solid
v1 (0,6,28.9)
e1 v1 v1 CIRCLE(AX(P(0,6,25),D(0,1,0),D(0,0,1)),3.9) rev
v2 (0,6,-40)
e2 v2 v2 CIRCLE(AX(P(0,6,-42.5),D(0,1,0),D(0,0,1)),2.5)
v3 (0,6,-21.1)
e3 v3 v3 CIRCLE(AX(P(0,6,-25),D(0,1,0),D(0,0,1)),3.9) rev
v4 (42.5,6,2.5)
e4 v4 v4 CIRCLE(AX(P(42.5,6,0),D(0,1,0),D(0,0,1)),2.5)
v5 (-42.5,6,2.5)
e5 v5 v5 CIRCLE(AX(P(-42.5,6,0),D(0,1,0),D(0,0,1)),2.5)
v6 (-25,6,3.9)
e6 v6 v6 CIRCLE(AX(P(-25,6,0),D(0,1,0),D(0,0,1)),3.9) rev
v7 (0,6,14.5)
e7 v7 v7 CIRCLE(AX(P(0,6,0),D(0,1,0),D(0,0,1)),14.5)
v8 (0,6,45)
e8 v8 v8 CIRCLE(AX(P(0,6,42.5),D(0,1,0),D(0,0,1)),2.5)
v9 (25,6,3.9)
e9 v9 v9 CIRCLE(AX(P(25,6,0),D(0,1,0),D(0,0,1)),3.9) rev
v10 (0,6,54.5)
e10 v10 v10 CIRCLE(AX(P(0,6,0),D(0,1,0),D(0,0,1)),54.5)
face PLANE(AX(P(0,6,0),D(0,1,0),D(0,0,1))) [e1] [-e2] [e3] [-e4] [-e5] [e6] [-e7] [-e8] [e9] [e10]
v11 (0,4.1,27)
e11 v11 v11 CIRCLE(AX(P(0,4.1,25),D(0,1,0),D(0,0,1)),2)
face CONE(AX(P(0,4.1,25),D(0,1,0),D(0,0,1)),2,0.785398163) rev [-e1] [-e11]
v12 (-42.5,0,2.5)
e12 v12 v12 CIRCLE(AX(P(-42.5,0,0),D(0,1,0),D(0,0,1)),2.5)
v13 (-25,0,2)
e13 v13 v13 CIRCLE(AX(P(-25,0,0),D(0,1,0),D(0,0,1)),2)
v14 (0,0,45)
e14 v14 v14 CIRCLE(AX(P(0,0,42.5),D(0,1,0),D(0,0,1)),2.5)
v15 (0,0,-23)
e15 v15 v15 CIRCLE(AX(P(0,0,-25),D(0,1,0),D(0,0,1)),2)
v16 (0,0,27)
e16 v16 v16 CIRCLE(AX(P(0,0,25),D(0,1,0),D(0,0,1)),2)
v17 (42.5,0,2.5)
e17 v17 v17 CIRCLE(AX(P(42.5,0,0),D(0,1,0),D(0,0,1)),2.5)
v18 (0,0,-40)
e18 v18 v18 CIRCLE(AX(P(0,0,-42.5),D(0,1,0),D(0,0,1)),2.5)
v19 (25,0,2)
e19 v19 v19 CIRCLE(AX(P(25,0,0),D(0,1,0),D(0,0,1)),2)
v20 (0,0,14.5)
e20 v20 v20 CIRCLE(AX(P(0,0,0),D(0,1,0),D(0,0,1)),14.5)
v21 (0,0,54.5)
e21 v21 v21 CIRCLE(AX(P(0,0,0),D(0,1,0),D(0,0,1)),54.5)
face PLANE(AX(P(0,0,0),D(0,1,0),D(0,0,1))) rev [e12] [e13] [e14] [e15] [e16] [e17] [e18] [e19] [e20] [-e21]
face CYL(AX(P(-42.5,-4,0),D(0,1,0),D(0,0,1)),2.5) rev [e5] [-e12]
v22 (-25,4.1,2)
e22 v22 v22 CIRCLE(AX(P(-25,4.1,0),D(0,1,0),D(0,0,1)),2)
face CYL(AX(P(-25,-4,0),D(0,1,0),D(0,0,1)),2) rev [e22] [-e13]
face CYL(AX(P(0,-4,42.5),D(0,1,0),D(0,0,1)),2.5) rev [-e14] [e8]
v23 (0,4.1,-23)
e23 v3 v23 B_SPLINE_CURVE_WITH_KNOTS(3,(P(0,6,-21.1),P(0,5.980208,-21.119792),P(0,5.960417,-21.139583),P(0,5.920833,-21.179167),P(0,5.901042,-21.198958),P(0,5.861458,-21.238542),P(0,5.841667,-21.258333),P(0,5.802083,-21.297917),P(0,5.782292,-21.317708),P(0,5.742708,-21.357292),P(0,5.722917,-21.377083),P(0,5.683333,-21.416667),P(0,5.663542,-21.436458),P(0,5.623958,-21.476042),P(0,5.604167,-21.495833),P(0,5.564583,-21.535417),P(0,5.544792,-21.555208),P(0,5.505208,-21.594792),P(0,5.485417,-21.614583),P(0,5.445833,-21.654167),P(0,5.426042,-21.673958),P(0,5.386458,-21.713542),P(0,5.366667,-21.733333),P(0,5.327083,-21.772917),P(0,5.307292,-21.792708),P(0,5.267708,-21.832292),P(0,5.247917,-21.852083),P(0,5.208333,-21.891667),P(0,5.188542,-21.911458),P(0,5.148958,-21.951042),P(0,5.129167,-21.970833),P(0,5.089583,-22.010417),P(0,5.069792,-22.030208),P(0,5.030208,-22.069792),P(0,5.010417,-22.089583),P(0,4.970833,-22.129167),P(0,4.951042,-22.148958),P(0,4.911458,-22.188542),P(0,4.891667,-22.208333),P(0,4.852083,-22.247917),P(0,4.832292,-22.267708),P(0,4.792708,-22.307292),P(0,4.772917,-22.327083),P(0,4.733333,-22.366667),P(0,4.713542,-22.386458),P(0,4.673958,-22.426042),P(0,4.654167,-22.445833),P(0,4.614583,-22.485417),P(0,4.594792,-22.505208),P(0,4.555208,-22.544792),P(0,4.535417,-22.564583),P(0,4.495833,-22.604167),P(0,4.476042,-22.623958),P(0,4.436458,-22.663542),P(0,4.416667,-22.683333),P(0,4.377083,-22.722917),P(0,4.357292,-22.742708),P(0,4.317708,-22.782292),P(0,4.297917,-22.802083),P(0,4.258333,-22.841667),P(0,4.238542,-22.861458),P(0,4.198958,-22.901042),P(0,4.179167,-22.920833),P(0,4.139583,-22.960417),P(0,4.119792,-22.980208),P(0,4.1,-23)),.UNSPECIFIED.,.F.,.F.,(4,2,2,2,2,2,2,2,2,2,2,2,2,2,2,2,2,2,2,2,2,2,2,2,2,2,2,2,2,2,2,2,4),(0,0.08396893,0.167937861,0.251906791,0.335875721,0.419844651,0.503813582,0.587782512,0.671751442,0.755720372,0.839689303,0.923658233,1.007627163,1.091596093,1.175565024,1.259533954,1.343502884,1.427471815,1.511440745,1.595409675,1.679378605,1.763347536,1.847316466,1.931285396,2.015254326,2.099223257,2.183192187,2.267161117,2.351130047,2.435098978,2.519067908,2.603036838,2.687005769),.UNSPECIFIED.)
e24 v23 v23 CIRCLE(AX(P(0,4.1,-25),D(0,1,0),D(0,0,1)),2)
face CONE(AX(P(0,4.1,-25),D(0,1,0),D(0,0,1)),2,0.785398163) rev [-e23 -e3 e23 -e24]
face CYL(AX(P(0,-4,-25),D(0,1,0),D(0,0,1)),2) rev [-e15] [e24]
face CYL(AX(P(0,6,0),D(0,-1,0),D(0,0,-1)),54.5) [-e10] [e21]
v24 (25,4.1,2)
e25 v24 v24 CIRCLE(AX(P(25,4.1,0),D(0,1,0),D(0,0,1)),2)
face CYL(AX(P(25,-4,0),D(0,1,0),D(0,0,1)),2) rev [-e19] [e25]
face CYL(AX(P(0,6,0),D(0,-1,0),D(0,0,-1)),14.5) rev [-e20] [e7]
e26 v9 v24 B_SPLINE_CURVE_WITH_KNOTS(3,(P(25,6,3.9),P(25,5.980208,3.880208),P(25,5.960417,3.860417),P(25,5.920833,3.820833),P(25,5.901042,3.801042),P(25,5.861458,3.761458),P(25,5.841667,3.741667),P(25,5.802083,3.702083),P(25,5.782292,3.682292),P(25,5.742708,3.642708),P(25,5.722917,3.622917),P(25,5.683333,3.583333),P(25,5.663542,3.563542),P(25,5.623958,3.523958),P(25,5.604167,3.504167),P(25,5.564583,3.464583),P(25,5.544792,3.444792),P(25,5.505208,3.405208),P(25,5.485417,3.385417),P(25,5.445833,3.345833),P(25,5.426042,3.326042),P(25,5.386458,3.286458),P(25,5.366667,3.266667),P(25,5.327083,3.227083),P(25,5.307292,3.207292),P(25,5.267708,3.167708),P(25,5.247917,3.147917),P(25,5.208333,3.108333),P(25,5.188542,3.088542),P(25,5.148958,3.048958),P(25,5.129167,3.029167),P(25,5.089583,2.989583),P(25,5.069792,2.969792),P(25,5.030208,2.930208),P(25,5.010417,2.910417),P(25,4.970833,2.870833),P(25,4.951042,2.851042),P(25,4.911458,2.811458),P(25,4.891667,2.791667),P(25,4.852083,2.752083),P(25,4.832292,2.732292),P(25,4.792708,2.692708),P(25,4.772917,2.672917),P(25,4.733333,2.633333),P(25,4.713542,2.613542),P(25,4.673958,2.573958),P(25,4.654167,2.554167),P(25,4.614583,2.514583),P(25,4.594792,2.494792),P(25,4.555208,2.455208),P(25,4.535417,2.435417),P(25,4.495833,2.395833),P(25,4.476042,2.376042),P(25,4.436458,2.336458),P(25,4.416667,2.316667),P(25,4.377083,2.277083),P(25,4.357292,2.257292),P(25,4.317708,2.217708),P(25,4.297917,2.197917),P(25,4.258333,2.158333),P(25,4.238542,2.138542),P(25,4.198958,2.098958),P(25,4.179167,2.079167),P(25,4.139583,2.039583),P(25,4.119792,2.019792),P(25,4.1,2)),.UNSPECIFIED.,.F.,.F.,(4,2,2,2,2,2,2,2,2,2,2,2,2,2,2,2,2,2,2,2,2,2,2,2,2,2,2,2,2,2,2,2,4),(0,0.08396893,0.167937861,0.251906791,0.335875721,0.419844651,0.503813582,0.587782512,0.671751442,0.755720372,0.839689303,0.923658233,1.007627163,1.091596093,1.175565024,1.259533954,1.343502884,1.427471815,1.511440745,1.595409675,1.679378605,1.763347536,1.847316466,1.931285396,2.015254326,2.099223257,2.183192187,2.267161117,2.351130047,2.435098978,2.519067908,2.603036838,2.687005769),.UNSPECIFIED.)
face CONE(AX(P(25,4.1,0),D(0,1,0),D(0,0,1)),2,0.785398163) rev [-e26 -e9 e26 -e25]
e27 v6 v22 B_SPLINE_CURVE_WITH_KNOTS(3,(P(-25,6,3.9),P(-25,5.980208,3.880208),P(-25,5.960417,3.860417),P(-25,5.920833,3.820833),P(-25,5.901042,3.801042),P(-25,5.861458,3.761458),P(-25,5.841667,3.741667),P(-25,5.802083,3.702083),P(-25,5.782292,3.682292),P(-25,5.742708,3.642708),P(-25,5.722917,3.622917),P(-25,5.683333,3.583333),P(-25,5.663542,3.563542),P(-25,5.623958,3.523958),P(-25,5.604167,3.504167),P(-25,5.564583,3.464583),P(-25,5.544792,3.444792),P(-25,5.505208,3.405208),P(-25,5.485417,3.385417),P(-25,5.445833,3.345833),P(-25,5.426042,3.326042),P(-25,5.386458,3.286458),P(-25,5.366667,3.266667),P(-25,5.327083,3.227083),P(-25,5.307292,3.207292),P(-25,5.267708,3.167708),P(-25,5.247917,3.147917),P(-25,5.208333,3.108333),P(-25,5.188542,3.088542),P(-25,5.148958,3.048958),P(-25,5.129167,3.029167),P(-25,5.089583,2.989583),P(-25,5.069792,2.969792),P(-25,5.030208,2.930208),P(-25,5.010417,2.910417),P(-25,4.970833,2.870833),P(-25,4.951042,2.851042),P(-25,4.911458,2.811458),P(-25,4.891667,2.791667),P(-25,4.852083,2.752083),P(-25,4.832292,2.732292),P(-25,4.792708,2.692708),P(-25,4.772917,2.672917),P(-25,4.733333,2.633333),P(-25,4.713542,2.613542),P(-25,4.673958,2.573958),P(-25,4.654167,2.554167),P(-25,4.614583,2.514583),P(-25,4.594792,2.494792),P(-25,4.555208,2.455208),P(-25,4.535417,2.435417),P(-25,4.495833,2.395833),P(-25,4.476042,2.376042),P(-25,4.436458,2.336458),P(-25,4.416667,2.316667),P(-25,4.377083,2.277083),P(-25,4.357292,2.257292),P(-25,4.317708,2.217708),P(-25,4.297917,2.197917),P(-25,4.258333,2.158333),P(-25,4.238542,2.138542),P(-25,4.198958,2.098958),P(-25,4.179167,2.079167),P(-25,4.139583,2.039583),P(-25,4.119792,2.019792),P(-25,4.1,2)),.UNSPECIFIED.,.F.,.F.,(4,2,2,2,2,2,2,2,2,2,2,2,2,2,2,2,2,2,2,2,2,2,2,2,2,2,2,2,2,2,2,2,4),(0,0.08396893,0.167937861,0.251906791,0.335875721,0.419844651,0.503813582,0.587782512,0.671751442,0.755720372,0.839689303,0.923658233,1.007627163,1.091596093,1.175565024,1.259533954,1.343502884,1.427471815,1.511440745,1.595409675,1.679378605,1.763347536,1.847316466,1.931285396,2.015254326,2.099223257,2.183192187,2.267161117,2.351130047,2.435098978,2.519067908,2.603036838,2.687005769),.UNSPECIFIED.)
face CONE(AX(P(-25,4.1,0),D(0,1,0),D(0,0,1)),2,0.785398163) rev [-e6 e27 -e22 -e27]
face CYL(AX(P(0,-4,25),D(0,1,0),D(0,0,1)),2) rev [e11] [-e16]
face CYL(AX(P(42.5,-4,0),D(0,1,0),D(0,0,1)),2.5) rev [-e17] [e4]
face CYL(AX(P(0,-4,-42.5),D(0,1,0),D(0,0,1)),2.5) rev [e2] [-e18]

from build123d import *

# Parameters (mm, degrees)
SKETCH_1_R          = 54.5
SKETCH_1_R_2        = 14.5
EXTRUDE_1_DEPTH     = 6
SKETCH_2_R          = 2.5
CUT_EXTRUDE_1_DEPTH = 10
SKETCH_3_R          = 2
CUT_EXTRUDE_2_DEPTH = 10
CHAMFER_1_SIZE      = 1.9


with BuildPart() as part:
    # Эскиз1 → Бобышка-Вытянуть1 (new body)
    with BuildSketch(Plane(origin=(0, 0, 0), x_dir=(1, 0, 0), z_dir=(0, 1, 0))):
        with Locations(Location((0, 0, 0), (0, 0, 270))):
            Circle(SKETCH_1_R)
        with Locations(Location((0, 0, 0), (0, 0, 270))):
            Circle(SKETCH_1_R_2, mode=Mode.SUBTRACT)
    extrude(amount=EXTRUDE_1_DEPTH)

    # Эскиз2 → Вырез-Вытянуть1 (cut)
    with BuildSketch(Plane(origin=(0, 6, 0), x_dir=(1, 0, 0), z_dir=(0, 1, 0))):
        with Locations(Location((0, 42.5, 0), (0, 0, 270))):
            Circle(SKETCH_2_R)
        with Locations(Location((0, -42.5, 0), (0, 0, 270))):
            Circle(SKETCH_2_R)
        with Locations(Location((-42.5, 0, 0), (0, 0, 270))):
            Circle(SKETCH_2_R)
        with Locations(Location((42.5, 0, 0), (0, 0, 270))):
            Circle(SKETCH_2_R)
    extrude(amount=-CUT_EXTRUDE_1_DEPTH, mode=Mode.SUBTRACT)

    # Эскиз3 → Вырез-Вытянуть2 (cut)
    with BuildSketch(Plane(origin=(0, 6, 0), x_dir=(1, 0, 0), z_dir=(0, 1, 0))):
        with Locations(Location((0, 25, 0), (0, 0, 270))):
            Circle(SKETCH_3_R)
        with Locations(Location((-25, 0, 0), (0, 0, 270))):
            Circle(SKETCH_3_R)
        with Locations(Location((0, -25, 0), (0, 0, 270))):
            Circle(SKETCH_3_R)
        with Locations(Location((25, 0, 0), (0, 0, 270))):
            Circle(SKETCH_3_R)
    extrude(amount=-CUT_EXTRUDE_2_DEPTH, mode=Mode.SUBTRACT)

    # Фаска1
    chamfer_1_edges = [part.edges().sort_by_distance(p)[0] for p in [
        (0, 6, -27),
        (-25, 6, -2),
        (0, 6, 23),
        (25, 6, -2),
    ]]
    chamfer(chamfer_1_edges, length=CHAMFER_1_SIZE)


solid = part.part
